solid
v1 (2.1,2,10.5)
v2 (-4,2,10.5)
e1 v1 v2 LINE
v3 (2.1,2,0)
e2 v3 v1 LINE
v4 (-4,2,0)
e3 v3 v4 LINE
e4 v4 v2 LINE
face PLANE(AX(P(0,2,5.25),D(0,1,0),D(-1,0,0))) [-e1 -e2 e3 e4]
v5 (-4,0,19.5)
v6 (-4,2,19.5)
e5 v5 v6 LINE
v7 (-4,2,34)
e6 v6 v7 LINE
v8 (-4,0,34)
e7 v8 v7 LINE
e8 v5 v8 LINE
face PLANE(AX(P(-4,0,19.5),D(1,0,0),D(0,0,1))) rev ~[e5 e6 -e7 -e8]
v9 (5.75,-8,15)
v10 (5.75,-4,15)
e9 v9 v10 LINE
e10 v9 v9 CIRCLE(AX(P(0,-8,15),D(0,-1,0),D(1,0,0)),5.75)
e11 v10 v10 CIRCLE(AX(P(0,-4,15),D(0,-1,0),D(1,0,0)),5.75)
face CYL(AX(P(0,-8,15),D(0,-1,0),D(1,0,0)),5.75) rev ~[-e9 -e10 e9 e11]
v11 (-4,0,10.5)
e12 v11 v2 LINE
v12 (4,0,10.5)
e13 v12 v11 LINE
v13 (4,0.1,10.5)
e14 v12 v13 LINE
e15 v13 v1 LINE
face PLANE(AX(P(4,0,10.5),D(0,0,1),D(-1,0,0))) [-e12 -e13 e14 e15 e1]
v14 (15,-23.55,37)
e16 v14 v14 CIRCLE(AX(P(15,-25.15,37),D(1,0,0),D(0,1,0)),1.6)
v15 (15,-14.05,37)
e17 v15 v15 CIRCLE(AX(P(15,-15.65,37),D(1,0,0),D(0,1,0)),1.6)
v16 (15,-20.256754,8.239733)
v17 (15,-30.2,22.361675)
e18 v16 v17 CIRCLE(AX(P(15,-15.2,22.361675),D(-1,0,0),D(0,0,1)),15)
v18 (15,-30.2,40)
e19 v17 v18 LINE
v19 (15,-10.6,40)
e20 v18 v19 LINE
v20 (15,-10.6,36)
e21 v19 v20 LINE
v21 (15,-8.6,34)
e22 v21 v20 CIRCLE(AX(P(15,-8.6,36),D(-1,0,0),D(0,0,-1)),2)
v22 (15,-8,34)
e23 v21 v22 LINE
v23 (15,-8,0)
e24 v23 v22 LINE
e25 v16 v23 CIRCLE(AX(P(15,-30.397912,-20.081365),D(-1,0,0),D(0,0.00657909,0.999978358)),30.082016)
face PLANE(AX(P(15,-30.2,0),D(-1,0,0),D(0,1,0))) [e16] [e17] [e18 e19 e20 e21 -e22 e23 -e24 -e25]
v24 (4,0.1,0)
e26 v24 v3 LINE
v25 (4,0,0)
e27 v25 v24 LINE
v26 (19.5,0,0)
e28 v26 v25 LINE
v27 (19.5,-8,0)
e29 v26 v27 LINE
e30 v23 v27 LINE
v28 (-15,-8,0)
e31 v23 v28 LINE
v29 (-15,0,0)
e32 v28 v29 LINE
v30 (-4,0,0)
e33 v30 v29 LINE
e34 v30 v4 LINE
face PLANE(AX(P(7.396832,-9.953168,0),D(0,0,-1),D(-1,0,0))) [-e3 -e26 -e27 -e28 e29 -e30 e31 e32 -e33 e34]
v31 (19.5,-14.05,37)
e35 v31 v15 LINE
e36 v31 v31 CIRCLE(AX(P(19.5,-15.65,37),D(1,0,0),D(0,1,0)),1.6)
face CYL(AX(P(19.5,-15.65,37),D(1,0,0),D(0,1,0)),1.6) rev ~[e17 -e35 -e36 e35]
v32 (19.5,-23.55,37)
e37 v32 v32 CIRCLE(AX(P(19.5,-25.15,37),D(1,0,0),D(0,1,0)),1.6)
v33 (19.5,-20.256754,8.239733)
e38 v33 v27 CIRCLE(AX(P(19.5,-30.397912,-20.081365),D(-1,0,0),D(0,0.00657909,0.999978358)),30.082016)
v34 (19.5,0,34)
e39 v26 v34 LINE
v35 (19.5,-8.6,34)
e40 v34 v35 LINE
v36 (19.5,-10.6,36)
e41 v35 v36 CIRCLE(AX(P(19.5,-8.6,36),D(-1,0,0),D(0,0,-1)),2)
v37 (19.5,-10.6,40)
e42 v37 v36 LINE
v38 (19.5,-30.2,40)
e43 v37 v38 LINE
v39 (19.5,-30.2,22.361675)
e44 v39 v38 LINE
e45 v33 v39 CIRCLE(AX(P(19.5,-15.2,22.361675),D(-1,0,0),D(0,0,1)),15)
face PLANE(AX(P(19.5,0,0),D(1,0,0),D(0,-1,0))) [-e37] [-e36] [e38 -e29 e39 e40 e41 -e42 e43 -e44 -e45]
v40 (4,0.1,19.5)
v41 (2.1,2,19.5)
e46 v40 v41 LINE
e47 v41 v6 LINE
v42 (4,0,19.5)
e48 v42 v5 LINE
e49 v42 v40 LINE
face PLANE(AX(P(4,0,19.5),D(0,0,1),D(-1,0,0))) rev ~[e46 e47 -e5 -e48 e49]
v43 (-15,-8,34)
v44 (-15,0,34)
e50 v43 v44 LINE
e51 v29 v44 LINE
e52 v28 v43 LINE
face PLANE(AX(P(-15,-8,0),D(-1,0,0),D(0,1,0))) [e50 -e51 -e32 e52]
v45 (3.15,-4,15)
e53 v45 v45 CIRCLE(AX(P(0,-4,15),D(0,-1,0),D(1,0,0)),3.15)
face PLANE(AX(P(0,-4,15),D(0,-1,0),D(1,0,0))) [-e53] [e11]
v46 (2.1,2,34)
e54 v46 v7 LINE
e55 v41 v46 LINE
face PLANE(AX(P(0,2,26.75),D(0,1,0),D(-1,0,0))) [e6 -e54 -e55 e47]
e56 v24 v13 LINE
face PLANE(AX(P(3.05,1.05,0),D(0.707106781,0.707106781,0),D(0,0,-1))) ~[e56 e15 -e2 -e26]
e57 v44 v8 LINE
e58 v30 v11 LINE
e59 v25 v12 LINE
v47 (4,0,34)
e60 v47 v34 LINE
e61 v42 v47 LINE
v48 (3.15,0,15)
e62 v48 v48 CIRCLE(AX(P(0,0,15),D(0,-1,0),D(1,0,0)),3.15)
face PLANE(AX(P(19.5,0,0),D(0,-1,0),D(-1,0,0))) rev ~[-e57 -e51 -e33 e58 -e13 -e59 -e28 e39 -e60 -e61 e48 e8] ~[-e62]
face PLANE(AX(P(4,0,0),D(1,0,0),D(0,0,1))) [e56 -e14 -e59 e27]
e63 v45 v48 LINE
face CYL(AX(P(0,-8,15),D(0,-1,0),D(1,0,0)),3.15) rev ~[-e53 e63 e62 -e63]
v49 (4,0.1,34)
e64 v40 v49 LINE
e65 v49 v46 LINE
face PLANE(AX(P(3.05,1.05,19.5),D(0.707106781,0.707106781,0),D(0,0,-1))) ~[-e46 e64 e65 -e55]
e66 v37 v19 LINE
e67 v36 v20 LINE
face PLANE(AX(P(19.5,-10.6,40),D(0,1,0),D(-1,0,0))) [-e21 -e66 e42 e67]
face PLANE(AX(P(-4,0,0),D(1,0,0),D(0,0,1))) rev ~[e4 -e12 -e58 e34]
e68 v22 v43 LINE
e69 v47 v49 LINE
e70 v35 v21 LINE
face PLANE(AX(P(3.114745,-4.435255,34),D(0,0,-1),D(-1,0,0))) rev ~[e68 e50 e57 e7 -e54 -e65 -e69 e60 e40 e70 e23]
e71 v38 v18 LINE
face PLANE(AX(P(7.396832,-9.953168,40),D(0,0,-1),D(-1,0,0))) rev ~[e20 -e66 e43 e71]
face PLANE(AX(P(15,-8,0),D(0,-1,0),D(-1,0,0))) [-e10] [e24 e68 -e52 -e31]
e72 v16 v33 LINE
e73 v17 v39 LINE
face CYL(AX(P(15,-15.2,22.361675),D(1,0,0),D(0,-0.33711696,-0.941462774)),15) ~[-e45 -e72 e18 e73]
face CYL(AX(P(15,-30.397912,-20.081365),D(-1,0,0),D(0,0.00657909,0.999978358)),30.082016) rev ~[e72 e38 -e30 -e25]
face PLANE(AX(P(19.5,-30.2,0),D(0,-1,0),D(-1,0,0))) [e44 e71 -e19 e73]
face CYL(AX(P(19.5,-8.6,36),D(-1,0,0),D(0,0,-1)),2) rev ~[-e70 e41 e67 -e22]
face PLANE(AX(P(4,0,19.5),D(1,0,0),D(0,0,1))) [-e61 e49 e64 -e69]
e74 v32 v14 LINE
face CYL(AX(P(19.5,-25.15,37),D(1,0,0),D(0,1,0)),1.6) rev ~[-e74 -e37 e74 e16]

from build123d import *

# Parameters (mm, degrees)
PAD_DEPTH       = 40
SKETCH001_R     = 3.15
POCKET_DEPTH    = 8.001
POCKET001_DEPTH = 6
SKETCH003_R     = 5.75
POCKET002_DEPTH = 4
POCKET003_DEPTH = 4.501
FILLET_R        = 15
FILLET001_R     = 2
SKETCH005_R     = 1.6
POCKET004_DEPTH = 34.501
SKETCH006_W     = 8
SKETCH006_H     = 14.5
SKETCH006_H_2   = 10.5
PAD001_DEPTH    = 2
CHAMFER_SIZE    = 1.9


with BuildPart() as part:
    # Sketch → Pad (new body)
    with BuildSketch(Plane.XY):
        Polygon((-15, 0), (15, 0), (19.5, 0), (19.5, -30.2), (15, -30.2), (15, -8), (-15, -8), align=None)
    extrude(amount=PAD_DEPTH)

    # Sketch001 (on Face6 of Pad) → Pocket (cut, through all)
    with BuildSketch(Plane.XZ.offset(8)):
        with Locations((0, 15)):
            Circle(SKETCH001_R)
    extrude(amount=-POCKET_DEPTH, mode=Mode.SUBTRACT)

    # Sketch002 (on Face4 of Pocket) → Pocket001 (cut)
    with BuildSketch(Plane.XY.offset(40)):
        Polygon((-15, 0), (19.5, 0), (19.5, -10.6), (15, -10.6), (15, -8), (-15, -8), align=None)
    extrude(amount=-POCKET001_DEPTH, mode=Mode.SUBTRACT)

    # Sketch003 (on Face10 of Pocket001) → Pocket002 (cut)
    with BuildSketch(Plane.XZ.offset(8)):
        with Locations((0, 15)):
            Circle(SKETCH003_R)
    extrude(amount=-POCKET002_DEPTH, mode=Mode.SUBTRACT)

    # Sketch004 (on Face9 of Pocket002) → Pocket003 (cut, through all)
    with BuildSketch(Plane(origin=(15, 0, 0), x_dir=(0, -1, 0), z_dir=(-1, 0, 0))):
        with BuildLine():
            ThreePointArc((30.2, 10), (18.043042, 7.346447), (8, 0))
            Line((30.2, 0), (8, 0))
            Line((30.2, 10), (30.2, 0))
        make_face()
    extrude(amount=-POCKET003_DEPTH, mode=Mode.SUBTRACT)

    # Fillet
    fillet_edges = [part.edges().sort_by_distance(p)[0] for p in [
        (17.25, -30.2, 10),
    ]]
    fillet(fillet_edges, radius=FILLET_R)

    # Fillet001
    fillet001_edges = [part.edges().sort_by_distance(p)[0] for p in [
        (17.25, -10.6, 34),
    ]]
    fillet(fillet001_edges, radius=FILLET001_R)

    # Sketch005 (on Face10 of Fillet001) → Pocket004 (cut, through all)
    with BuildSketch(Plane.YZ.offset(19.5)):
        with Locations((-15.65, 37)):
            Circle(SKETCH005_R)
        with Locations((-25.15, 37)):
            Circle(SKETCH005_R)
    extrude(amount=-POCKET004_DEPTH, mode=Mode.SUBTRACT)

    # Sketch006 (on Face13 of Pocket004) → Pad001 (join)
    with BuildSketch(Plane(origin=(0, 0, 0), x_dir=(-1, 0, 0), z_dir=(0, 1, 0))):
        with Locations((0, 26.75)):
            Rectangle(SKETCH006_W, SKETCH006_H)
        with Locations((0, 5.25)):
            Rectangle(SKETCH006_W, SKETCH006_H_2)
    extrude(amount=PAD001_DEPTH)

    # Chamfer
    chamfer_edges = [part.edges().sort_by_distance(p)[0] for p in [
        (4, 2, 26.75),
        (4, 2, 5.25),
    ]]
    chamfer(chamfer_edges, length=CHAMFER_SIZE)


solid = part.part
